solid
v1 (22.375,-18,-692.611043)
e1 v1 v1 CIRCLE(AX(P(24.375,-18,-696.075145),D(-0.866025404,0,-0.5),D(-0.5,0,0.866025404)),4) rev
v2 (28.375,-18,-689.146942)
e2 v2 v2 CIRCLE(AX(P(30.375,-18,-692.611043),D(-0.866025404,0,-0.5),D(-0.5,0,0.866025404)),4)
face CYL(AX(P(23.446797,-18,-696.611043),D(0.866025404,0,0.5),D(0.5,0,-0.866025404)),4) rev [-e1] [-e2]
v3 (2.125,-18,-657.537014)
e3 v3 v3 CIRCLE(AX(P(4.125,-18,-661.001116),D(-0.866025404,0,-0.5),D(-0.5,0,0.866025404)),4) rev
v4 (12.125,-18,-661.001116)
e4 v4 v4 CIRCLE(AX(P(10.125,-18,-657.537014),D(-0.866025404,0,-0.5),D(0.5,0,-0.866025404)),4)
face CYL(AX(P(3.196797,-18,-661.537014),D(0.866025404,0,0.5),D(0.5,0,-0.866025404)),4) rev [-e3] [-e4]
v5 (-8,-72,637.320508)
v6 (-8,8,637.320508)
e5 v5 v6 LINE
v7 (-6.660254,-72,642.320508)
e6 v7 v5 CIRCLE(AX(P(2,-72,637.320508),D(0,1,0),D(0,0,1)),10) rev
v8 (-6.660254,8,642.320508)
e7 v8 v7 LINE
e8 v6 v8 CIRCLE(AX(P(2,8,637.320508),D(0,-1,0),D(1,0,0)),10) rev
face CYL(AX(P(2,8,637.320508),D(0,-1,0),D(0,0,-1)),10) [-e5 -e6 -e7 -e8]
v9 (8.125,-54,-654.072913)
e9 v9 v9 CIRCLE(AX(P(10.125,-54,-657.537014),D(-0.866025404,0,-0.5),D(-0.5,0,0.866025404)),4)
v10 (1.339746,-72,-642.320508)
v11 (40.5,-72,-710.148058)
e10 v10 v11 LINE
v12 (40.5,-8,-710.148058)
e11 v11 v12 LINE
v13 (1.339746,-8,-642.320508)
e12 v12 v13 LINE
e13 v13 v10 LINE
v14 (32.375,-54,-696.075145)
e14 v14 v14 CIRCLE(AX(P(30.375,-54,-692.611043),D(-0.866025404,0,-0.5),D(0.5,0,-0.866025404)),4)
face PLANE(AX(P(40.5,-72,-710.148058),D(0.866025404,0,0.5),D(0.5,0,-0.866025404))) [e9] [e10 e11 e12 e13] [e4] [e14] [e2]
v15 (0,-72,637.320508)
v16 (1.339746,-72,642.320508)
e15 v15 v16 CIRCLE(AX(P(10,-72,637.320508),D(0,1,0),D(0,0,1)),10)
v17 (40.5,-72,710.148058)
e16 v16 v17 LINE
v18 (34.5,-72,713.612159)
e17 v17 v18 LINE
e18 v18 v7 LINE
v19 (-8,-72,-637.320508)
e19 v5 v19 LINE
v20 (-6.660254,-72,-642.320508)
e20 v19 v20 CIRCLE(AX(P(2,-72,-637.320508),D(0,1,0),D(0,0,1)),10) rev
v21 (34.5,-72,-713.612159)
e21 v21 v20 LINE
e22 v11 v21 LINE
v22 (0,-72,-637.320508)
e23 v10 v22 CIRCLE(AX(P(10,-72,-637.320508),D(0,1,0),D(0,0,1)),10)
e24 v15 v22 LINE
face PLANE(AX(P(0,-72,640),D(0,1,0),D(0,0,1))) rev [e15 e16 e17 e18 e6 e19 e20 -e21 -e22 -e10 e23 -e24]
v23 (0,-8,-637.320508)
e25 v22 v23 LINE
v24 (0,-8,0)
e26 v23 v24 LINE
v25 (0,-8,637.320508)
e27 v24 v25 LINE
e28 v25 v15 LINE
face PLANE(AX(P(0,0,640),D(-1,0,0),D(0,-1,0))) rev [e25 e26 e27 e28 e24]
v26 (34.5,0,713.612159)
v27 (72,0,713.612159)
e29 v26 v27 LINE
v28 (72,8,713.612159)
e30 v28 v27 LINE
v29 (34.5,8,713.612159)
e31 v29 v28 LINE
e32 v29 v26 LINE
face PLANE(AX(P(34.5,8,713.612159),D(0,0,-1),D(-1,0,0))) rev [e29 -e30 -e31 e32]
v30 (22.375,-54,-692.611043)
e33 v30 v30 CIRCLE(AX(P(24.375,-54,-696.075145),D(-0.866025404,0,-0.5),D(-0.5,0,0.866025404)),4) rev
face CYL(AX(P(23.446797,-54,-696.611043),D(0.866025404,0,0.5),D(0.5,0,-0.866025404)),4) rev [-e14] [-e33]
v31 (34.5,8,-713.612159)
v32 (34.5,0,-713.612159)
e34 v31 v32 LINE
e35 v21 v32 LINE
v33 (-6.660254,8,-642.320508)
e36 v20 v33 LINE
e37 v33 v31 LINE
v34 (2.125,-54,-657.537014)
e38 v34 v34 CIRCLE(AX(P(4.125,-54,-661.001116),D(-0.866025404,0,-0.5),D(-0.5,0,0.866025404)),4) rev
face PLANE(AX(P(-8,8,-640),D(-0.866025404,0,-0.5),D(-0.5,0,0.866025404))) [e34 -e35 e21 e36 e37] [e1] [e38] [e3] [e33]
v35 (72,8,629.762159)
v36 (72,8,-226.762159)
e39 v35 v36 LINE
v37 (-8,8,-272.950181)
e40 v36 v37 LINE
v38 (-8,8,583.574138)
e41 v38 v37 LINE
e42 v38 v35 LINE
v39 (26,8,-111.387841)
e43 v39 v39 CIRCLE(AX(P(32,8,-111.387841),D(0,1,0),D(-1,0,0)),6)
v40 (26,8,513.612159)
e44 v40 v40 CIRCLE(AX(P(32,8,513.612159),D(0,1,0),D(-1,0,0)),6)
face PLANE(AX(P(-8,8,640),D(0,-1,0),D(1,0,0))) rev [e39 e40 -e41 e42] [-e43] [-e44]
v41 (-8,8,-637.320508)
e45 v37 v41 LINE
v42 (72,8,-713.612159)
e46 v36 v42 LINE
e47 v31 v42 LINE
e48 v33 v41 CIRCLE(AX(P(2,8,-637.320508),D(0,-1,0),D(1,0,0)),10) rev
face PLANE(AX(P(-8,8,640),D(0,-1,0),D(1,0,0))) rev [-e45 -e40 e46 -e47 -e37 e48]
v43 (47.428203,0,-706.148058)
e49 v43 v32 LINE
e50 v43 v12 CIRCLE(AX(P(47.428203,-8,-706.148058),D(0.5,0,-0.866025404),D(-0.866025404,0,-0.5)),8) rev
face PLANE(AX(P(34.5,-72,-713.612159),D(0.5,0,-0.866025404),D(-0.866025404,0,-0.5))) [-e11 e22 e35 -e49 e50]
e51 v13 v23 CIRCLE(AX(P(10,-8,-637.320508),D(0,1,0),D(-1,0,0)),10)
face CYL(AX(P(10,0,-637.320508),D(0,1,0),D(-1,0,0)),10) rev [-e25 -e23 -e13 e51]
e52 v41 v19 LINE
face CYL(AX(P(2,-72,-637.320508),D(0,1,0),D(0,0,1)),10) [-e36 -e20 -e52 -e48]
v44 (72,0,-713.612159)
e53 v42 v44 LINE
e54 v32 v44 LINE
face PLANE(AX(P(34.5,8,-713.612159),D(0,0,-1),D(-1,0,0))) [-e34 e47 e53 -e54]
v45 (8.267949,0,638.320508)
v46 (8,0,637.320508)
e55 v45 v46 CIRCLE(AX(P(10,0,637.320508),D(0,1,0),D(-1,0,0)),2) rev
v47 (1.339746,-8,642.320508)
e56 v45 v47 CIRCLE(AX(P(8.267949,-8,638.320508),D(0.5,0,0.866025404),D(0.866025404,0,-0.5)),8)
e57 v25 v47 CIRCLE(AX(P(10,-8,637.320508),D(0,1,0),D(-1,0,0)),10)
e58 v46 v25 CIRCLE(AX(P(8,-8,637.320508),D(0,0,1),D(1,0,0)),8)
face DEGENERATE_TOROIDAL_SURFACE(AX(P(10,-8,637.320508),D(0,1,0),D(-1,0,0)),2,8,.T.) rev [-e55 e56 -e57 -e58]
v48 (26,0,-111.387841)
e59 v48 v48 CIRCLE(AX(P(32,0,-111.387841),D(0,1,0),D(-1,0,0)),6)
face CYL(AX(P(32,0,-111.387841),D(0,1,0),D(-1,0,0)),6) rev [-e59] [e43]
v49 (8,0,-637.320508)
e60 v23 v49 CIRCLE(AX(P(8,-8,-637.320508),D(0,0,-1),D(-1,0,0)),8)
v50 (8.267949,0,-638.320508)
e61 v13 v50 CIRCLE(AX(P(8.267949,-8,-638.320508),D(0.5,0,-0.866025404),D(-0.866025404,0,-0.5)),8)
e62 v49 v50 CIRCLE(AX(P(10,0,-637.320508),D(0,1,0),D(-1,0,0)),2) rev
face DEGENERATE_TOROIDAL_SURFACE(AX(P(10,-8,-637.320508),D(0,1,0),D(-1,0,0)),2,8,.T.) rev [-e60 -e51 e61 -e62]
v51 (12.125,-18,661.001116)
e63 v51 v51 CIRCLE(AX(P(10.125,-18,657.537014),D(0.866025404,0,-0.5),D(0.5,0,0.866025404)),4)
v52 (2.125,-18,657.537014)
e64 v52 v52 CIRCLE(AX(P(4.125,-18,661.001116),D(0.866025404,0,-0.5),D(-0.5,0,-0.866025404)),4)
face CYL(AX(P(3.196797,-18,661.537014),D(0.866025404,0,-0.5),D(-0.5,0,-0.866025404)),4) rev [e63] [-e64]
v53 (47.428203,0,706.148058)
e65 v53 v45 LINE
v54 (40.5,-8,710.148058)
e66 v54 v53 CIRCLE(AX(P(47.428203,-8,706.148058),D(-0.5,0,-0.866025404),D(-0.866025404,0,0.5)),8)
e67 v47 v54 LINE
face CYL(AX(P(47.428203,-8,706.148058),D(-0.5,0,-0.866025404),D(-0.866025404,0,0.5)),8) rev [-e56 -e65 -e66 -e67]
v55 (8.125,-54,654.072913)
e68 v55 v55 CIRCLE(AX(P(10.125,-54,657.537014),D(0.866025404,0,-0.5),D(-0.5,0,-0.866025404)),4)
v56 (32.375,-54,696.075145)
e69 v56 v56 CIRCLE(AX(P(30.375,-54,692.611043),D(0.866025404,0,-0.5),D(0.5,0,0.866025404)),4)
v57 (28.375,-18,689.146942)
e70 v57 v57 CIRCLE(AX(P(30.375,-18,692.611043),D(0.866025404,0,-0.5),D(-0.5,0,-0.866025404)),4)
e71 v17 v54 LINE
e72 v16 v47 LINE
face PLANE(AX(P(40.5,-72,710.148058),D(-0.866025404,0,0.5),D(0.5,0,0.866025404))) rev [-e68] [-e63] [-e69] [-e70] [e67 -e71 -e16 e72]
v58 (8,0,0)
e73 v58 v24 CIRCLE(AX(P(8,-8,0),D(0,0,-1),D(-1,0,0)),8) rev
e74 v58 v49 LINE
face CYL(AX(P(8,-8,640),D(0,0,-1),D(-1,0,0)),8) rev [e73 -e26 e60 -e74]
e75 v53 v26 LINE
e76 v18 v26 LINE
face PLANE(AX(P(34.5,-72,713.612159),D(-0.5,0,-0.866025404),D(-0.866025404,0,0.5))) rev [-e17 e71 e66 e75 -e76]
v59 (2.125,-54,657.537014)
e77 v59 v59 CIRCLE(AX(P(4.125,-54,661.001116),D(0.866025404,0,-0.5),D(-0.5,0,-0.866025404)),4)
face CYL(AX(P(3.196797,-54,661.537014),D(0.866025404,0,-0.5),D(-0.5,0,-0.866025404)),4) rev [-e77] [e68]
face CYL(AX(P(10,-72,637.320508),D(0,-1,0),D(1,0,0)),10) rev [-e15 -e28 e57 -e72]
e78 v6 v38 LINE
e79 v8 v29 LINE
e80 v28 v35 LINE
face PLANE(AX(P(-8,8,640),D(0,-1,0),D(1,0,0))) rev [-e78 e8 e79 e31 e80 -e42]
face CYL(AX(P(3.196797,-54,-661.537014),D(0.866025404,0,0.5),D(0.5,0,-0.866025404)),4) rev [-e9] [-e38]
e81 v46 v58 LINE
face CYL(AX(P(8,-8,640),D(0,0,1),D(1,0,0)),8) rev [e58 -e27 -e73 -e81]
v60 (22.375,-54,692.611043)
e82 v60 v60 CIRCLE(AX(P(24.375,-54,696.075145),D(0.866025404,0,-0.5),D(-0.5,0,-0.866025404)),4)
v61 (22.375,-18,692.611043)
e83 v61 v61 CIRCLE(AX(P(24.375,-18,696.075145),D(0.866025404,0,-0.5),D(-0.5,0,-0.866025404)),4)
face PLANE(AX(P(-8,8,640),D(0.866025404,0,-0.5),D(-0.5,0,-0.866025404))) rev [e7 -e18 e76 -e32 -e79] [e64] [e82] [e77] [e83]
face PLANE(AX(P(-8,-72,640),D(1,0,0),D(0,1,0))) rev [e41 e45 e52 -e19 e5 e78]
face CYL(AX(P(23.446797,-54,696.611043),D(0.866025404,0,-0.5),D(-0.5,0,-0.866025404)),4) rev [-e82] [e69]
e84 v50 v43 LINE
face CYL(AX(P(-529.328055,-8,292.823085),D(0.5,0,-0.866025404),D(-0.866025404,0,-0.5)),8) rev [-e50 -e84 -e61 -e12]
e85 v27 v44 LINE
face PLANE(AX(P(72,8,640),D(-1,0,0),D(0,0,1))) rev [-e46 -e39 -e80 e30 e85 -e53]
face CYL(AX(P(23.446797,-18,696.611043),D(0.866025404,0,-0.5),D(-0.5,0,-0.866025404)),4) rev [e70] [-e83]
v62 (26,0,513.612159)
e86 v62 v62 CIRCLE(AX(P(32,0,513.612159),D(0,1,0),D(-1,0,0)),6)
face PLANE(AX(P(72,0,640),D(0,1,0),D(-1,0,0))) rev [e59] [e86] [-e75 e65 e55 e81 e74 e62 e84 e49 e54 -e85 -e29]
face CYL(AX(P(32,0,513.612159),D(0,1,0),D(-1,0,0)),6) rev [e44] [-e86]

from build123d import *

# Parameters (mm, degrees)
BOSS_EXTRUDE1_DEPTH  = 640
BOSS_EXTRUDE2_DEPTH  = 8
BOSS_EXTRUDE3_DEPTH  = 72
SKETCH6_R            = 4
CUT_EXTRUDE1_DEPTH   = 8
FILLET1_R            = 10
FILLET2_R            = 8
FILLET1_OF_MIRROR1_R = 10
FILLET2_OF_MIRROR1_R = 8
SKETCH8_R            = 6
CUT_EXTRUDE2_DEPTH   = 8


with BuildPart() as part:
    # Sketch1 → Boss-Extrude1 (new body)
    with BuildSketch(Plane.XY):
        Polygon((-8, 8), (72, 8), (72, 0), (0, 0), (0, -72), (-8, -72), align=None)
    boss_extrude1 = extrude(amount=BOSS_EXTRUDE1_DEPTH)

    # Sketch3 → Boss-Extrude2 (add)
    with BuildSketch(Plane(origin=(0, 0, 0), x_dir=(1, 0, 0), z_dir=(0, 1, 0))):
        Polygon((-8, -640), (34.5, -713.612159322), (72, -713.612159322), (72, -640), align=None)
    boss_extrude2 = extrude(amount=BOSS_EXTRUDE2_DEPTH)

    # Sketch4 → Boss-Extrude3 (add)
    with BuildSketch(Plane.XZ):
        Polygon((-8, 640), (34.5, 713.612159322), (40.5, 710.148057707), (0, 640), align=None)
    boss_extrude3 = extrude(amount=BOSS_EXTRUDE3_DEPTH)

    # Sketch6 → Cut-Extrude1 (cut)
    with BuildSketch(Plane(origin=(-277.128129211, 0, 160), x_dir=(-0.4999999999999956, 0, -0.8660254037844413), z_dir=(0.8660254037844413, 0, -0.4999999999999956))):
        with Locations((-615.006258422, -18)):
            Circle(SKETCH6_R)
        with Locations((-574.506258422, -18)):
            Circle(SKETCH6_R)
        with Locations((-574.506258422, -54)):
            Circle(SKETCH6_R)
        with Locations((-615.006258422, -54)):
            Circle(SKETCH6_R)
    cut_extrude1 = extrude(amount=-CUT_EXTRUDE1_DEPTH, mode=Mode.SUBTRACT)

    # Fillet1
    fillet1_edges = [part.edges().sort_by_distance(p)[0] for p in [
        (0, -36, 640),
        (-8, -32, 640),
    ]]
    fillet(fillet1_edges, radius=FILLET1_R)

    # Fillet2
    fillet2_edges = [part.edges().sort_by_distance(p)[0] for p in [
        (20.919872981, 0, 676.234282891),
        (0, 0, 318.660254038),
        (0.340741737, 0, 639.908698527),
    ]]
    fillet(fillet2_edges, radius=FILLET2_R)

    # Mirror1: Boss-Extrude1, Boss-Extrude2, Boss-Extrude3, Cut-Extrude1 across plane
    add(boss_extrude1.mirror(Plane.XY))
    add(boss_extrude2.mirror(Plane.XY))
    add(boss_extrude3.mirror(Plane.XY))
    add(cut_extrude1.mirror(Plane.XY), mode=Mode.SUBTRACT)

    # Fillet1 of Mirror1
    fillet1_of_mirror1_edges = [part.edges().sort_by_distance(p)[0] for p in [
        (0, -36, -640),
        (-8, -32, -640),
    ]]
    fillet(fillet1_of_mirror1_edges, radius=FILLET1_OF_MIRROR1_R)

    # Fillet2 of Mirror1
    fillet2_of_mirror1_edges = [part.edges().sort_by_distance(p)[0] for p in [
        (20.919872981, 0, -676.234282891),
        (0, 0, -318.660254038),
        (0.340741737, 0, -639.908698527),
    ]]
    fillet(fillet2_of_mirror1_edges, radius=FILLET2_OF_MIRROR1_R)

    # Sketch8 → Cut-Extrude2 (cut)
    with BuildSketch(Plane(origin=(0, 8, 0), x_dir=(1, 0, 0), z_dir=(0, 1, 0))):
        with Locations(Location((32, 111.387840678, 0), (0, 0, 180))):
            Circle(SKETCH8_R)
        with Locations(Location((32, -513.612159322, 0), (0, 0, 180))):
            Circle(SKETCH8_R)
    extrude(amount=-CUT_EXTRUDE2_DEPTH, mode=Mode.SUBTRACT)


solid = part.part
